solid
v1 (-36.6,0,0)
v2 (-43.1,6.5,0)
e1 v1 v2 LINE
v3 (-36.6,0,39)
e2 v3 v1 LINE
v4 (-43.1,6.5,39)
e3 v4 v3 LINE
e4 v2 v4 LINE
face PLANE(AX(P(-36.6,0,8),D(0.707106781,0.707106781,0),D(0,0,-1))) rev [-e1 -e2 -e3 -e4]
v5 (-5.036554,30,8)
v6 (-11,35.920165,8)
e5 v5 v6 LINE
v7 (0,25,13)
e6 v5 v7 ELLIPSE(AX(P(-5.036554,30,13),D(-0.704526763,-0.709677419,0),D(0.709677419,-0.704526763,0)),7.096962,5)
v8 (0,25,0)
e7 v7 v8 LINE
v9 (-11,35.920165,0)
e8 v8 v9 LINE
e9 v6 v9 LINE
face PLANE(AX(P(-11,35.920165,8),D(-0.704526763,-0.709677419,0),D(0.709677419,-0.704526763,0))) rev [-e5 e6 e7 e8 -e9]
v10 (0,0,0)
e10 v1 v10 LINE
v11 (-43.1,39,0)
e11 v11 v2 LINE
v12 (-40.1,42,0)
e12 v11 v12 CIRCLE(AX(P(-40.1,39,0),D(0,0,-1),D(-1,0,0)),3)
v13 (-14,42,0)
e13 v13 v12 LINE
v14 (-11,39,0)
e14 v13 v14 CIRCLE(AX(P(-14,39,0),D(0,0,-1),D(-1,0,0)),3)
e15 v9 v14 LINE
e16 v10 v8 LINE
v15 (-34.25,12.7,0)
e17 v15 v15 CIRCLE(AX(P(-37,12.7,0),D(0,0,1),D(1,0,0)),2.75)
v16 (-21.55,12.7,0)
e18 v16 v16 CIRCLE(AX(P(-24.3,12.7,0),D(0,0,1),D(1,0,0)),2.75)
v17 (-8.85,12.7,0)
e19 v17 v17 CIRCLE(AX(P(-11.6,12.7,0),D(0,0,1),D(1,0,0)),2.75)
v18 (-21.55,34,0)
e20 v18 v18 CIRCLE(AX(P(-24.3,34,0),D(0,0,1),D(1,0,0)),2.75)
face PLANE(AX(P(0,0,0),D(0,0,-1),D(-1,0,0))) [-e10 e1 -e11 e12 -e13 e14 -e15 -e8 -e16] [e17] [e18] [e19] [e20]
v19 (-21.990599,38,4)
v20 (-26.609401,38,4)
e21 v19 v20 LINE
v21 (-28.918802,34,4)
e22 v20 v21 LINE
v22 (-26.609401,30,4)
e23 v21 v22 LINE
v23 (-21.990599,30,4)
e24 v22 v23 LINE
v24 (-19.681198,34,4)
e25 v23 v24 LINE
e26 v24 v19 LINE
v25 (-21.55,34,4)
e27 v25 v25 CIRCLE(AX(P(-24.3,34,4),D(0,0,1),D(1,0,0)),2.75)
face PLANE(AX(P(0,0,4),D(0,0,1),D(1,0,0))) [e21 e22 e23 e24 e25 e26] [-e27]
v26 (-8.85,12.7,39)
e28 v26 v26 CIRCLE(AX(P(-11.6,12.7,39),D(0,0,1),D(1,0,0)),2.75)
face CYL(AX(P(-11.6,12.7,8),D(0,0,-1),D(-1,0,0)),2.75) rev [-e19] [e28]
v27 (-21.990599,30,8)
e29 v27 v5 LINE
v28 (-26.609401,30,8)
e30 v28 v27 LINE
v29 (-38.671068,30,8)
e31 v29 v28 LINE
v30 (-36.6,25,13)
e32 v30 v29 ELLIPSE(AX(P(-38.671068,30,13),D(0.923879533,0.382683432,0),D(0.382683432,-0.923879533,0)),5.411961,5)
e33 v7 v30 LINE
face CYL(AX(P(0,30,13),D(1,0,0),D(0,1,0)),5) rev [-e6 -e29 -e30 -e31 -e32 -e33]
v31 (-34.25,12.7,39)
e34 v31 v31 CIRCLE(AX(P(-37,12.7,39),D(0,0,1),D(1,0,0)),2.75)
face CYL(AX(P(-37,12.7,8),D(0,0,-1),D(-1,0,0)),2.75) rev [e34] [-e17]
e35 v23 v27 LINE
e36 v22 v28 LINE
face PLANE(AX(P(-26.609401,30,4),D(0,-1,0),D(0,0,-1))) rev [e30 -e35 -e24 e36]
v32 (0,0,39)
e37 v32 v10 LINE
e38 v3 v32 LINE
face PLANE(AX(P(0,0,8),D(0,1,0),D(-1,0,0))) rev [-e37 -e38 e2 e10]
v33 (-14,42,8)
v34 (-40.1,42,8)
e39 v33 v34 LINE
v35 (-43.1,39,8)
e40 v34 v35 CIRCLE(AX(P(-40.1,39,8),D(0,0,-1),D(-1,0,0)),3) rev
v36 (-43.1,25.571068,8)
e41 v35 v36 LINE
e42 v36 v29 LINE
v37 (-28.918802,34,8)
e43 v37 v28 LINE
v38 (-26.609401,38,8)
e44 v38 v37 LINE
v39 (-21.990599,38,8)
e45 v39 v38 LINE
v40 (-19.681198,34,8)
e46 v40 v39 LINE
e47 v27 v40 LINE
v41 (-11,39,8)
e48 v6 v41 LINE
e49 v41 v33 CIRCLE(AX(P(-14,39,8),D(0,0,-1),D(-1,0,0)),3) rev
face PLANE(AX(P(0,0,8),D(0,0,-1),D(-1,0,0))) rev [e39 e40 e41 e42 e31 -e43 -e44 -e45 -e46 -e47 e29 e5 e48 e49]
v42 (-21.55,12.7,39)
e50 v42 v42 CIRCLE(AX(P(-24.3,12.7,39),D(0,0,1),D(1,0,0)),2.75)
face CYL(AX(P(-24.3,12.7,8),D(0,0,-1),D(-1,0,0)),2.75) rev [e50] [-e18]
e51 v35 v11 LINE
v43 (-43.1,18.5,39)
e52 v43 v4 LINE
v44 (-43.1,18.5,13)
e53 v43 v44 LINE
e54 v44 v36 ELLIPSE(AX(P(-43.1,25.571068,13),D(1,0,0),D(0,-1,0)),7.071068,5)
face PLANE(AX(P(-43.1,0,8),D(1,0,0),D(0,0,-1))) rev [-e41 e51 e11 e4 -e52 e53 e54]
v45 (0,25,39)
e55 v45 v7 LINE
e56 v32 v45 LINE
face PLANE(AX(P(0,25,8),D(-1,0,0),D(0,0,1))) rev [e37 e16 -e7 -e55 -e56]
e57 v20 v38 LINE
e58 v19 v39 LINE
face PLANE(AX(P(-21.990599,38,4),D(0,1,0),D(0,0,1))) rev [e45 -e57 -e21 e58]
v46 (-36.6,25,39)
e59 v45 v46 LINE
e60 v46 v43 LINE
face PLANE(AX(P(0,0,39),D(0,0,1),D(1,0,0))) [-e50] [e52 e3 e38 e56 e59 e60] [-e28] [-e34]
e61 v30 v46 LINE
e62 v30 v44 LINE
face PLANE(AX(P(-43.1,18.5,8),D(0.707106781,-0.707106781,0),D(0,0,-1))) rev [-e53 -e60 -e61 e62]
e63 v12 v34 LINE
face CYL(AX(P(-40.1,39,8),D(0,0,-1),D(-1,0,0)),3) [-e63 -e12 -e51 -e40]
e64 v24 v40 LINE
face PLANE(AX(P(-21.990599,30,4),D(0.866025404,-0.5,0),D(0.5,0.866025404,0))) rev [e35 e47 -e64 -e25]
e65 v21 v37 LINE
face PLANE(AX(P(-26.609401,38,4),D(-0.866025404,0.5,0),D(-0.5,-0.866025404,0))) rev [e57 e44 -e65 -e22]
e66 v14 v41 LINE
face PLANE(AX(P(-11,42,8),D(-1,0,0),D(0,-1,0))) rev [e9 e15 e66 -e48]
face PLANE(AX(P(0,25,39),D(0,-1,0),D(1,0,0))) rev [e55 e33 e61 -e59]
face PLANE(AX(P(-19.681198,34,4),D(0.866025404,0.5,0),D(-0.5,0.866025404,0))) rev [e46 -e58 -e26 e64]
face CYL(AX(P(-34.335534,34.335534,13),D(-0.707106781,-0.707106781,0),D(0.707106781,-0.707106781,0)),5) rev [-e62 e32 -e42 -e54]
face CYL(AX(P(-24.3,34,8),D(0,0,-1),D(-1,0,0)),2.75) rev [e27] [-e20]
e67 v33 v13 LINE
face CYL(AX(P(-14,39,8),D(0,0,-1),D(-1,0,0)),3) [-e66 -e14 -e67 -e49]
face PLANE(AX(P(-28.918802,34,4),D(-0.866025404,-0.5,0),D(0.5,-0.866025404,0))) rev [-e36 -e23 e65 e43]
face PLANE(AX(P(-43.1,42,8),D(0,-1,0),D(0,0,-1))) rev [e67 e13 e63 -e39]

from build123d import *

# Parameters (mm, degrees)
SKETCH1_R           = 2.75
BOSS_EXTRUDE1_DEPTH = 8
SKETCH2_W           = 43.1
SKETCH2_H           = 25
SKETCH2_R           = 2.75
BOSS_EXTRUDE2_DEPTH = 31
CHAMFER1_SIZE       = 6.5
FILLET1_R           = 5
CUT_EXTRUDE1_DEPTH  = 4
FILLET2_R           = 3


with BuildPart() as part:
    # Sketch1 → Boss-Extrude1 (new body)
    with BuildSketch(Plane.XY):
        Polygon((0, 0), (-43.1, 0), (-43.1, 42), (-11, 42), (-11, 35.920164834), (0, 25), align=None)
        with Locations((-11.6, 12.7)):
            Circle(SKETCH1_R, mode=Mode.SUBTRACT)
        with Locations((-24.3, 12.7)):
            Circle(SKETCH1_R, mode=Mode.SUBTRACT)
        with Locations((-37, 12.7)):
            Circle(SKETCH1_R, mode=Mode.SUBTRACT)
        with Locations((-24.3, 34)):
            Circle(SKETCH1_R, mode=Mode.SUBTRACT)
    extrude(amount=BOSS_EXTRUDE1_DEPTH)

    # Sketch2 → Boss-Extrude2 (add)
    with BuildSketch(Plane.XY.offset(8)):
        with Locations((-21.55, 12.5)):
            Rectangle(SKETCH2_W, SKETCH2_H)
        with Locations((-11.6, 12.7)):
            Circle(SKETCH2_R, mode=Mode.SUBTRACT)
        with Locations((-24.3, 12.7)):
            Circle(SKETCH2_R, mode=Mode.SUBTRACT)
        with Locations((-37, 12.7)):
            Circle(SKETCH2_R, mode=Mode.SUBTRACT)
    extrude(amount=BOSS_EXTRUDE2_DEPTH)

    # Chamfer1
    chamfer1_edges = [part.edges().sort_by_distance(p)[0] for p in [
        (-43.1, 0, 19.5),
        (-43.1, 25, 23.5),
    ]]
    chamfer(chamfer1_edges, length=CHAMFER1_SIZE)

    # Fillet1
    fillet1_edges = [part.edges().sort_by_distance(p)[0] for p in [
        (-18.3, 25, 8),
        (-39.85, 21.75, 8),
    ]]
    fillet(fillet1_edges, radius=FILLET1_R)

    # Sketch3 → Cut-Extrude1 (cut)
    with BuildSketch(Plane.XY.offset(8)):
        Polygon((-19.681197846, 34), (-21.990598923, 38), (-26.609401077, 38), (-28.918802154, 34), (-26.609401077, 30), (-21.990598923, 30), align=None)
    extrude(amount=-CUT_EXTRUDE1_DEPTH, mode=Mode.SUBTRACT)

    # Fillet2
    fillet2_edges = [part.edges().sort_by_distance(p)[0] for p in [
        (-43.1, 42, 4),
        (-11, 42, 4),
    ]]
    fillet(fillet2_edges, radius=FILLET2_R)


solid = part.part
